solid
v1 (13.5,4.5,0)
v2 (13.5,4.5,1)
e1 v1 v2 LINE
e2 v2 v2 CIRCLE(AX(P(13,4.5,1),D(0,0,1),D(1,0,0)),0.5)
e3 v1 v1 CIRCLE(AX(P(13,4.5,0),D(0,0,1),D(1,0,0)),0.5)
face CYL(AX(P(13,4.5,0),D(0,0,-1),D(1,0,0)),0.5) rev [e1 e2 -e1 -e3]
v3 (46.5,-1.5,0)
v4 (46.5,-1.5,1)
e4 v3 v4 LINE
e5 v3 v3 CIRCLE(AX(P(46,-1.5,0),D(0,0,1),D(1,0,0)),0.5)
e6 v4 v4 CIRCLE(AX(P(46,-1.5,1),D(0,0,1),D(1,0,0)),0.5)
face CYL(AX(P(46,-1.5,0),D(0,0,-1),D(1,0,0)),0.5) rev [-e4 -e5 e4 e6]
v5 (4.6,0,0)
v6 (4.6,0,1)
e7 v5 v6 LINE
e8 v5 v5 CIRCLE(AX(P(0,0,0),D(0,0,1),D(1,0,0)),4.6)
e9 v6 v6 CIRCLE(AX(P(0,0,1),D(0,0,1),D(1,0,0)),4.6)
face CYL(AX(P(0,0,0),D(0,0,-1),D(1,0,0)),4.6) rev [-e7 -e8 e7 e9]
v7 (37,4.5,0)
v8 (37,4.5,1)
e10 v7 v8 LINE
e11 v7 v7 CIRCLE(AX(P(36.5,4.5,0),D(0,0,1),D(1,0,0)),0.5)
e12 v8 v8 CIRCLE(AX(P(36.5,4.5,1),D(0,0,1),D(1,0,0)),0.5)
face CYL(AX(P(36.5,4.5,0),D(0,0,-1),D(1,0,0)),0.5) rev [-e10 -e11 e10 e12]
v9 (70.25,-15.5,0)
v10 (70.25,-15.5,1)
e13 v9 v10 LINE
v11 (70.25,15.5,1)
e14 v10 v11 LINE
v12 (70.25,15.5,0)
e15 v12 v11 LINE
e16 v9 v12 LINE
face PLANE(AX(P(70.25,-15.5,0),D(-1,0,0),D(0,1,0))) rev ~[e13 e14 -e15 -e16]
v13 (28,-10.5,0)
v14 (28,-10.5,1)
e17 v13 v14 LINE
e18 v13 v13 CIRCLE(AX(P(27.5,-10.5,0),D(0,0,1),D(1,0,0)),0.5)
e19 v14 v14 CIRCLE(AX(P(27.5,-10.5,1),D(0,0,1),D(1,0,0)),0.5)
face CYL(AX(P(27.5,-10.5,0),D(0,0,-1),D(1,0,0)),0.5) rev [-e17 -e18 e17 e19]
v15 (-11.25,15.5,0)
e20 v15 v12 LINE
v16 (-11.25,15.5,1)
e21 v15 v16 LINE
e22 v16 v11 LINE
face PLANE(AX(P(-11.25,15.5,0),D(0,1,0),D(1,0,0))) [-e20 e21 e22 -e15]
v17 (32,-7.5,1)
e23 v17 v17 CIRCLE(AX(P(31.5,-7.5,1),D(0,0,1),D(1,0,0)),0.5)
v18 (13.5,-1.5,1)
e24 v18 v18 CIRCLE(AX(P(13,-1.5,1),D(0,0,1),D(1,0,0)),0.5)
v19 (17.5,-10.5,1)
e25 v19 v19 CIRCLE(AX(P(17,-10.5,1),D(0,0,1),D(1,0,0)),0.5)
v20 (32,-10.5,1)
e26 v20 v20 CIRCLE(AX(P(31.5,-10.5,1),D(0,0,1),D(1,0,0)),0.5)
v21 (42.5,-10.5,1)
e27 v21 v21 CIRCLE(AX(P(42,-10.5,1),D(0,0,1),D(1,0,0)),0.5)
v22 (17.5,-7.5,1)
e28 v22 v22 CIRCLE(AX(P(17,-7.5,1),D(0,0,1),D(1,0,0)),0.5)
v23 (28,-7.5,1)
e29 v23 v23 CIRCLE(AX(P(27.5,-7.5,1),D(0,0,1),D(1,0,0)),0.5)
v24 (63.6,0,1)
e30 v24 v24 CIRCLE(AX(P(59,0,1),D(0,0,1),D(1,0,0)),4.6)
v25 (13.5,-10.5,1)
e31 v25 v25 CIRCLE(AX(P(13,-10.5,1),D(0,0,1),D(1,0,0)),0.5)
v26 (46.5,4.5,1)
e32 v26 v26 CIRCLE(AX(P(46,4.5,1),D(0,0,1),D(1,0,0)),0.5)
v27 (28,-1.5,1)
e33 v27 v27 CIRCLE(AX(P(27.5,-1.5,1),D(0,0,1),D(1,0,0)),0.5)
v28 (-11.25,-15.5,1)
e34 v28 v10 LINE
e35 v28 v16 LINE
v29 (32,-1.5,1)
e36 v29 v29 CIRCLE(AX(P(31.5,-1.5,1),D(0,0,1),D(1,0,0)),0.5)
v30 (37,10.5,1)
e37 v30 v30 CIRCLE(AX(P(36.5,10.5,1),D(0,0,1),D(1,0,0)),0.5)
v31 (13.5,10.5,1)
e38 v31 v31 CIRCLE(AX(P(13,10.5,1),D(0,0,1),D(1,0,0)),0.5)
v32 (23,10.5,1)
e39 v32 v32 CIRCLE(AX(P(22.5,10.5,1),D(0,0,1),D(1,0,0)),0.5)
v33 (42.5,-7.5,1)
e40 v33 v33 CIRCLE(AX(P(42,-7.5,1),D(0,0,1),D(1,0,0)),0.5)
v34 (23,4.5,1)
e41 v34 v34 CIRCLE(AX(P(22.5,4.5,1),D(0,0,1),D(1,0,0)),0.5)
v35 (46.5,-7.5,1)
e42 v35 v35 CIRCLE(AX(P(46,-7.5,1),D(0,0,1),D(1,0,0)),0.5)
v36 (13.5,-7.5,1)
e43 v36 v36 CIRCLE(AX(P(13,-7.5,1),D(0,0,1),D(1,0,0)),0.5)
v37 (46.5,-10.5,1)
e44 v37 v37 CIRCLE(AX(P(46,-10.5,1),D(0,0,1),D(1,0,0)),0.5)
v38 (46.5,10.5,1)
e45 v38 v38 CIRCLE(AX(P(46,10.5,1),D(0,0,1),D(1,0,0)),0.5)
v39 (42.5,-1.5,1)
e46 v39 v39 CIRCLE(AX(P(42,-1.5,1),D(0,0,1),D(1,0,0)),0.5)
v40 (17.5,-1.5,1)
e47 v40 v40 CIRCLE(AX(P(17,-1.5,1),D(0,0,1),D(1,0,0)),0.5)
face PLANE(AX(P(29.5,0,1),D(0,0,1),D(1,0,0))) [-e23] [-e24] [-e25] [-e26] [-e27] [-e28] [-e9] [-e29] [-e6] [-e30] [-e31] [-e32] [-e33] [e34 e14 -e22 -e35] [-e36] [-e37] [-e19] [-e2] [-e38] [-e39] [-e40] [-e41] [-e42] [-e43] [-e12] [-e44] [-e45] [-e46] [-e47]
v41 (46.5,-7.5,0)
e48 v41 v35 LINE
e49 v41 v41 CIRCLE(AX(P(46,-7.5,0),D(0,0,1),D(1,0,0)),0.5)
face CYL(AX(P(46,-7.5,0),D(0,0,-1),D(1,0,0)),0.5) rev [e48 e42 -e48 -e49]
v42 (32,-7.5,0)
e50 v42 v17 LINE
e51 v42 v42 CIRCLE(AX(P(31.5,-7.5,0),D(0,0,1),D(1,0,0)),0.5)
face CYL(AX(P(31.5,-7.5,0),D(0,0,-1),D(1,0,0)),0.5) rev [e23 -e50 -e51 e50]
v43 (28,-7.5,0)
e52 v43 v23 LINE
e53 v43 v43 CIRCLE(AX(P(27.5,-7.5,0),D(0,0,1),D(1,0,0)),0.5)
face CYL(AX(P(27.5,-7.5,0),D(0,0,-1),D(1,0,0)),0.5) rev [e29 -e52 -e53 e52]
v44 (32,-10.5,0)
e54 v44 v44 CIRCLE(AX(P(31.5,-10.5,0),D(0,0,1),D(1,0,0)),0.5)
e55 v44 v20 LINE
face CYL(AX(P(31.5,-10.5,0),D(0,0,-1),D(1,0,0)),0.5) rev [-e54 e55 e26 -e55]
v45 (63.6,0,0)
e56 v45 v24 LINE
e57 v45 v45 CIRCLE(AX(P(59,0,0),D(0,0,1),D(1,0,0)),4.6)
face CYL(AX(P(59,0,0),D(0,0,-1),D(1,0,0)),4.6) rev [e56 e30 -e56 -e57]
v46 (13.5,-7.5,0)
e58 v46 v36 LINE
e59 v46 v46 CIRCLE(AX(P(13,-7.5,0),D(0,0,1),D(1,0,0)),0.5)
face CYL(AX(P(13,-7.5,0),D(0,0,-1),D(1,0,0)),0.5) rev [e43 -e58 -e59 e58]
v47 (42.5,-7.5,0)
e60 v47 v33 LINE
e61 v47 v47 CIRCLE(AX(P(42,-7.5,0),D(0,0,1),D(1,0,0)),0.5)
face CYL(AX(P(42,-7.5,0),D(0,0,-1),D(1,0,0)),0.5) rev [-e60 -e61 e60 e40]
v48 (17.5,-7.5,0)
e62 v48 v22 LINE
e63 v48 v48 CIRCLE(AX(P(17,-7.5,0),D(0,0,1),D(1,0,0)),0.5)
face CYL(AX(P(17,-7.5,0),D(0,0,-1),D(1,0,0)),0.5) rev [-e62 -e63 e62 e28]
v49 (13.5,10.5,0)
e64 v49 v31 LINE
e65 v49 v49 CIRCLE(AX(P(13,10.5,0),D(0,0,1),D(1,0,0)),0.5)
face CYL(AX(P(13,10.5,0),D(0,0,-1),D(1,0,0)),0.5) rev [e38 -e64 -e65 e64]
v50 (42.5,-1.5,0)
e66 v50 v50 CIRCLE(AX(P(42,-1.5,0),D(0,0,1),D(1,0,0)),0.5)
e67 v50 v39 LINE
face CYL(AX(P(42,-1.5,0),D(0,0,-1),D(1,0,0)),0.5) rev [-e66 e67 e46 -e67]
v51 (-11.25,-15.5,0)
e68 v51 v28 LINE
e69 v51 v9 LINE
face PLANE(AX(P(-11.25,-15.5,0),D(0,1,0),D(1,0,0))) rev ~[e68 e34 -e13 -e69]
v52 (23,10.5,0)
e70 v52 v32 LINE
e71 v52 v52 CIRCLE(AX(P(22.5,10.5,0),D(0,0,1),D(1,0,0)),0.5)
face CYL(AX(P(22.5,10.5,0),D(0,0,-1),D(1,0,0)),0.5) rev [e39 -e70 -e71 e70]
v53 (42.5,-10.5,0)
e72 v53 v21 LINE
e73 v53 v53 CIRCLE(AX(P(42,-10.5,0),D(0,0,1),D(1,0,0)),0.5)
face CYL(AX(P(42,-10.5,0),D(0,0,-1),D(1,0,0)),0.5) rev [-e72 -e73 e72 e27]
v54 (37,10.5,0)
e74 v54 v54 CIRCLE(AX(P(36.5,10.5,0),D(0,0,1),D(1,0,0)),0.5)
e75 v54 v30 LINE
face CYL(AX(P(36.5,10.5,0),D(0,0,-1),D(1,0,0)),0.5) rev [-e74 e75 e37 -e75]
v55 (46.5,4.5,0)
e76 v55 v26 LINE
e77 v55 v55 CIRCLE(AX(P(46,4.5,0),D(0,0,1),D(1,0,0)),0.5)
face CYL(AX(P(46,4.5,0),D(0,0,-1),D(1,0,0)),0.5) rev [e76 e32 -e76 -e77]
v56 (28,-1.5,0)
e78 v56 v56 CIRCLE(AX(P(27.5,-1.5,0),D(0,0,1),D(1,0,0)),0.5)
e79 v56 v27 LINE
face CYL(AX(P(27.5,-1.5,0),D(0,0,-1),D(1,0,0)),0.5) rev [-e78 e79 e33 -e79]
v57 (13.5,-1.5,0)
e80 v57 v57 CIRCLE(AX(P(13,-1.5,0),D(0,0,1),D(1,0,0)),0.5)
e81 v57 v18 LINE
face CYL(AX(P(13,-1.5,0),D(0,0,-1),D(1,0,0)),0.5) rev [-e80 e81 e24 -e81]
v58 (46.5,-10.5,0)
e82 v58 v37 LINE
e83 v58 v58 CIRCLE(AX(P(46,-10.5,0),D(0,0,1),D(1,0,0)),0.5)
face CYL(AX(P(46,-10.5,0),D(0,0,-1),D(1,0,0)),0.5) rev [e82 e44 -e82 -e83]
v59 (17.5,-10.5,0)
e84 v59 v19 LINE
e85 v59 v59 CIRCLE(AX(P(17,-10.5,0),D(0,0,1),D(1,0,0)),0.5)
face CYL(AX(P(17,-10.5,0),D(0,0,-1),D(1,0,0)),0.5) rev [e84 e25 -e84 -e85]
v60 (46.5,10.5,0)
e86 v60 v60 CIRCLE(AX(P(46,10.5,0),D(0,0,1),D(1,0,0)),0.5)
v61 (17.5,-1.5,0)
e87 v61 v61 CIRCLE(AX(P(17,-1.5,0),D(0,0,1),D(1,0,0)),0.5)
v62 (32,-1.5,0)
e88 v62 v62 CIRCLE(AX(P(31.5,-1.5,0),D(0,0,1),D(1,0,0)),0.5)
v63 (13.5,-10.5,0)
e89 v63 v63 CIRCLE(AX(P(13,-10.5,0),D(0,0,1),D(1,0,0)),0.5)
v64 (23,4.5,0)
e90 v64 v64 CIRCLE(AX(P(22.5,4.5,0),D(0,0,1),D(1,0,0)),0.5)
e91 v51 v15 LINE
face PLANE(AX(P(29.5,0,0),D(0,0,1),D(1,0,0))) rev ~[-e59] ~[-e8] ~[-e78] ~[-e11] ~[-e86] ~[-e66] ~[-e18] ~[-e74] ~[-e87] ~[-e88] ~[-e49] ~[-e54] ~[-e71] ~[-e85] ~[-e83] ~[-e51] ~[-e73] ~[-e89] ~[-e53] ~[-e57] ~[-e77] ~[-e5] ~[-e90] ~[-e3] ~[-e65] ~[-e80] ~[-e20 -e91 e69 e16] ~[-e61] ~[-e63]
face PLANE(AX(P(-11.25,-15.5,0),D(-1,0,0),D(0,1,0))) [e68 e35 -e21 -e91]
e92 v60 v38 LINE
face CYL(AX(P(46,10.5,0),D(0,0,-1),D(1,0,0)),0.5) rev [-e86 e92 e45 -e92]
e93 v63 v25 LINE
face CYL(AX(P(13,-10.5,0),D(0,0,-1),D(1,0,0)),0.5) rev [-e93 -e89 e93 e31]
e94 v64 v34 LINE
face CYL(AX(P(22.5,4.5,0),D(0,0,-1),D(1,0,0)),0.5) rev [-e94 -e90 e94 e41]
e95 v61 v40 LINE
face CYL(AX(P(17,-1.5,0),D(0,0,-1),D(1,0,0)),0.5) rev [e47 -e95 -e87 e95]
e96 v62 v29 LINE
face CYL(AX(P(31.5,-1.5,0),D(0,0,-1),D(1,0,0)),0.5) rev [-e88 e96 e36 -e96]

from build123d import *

# Parameters (mm, degrees)
F0_W     = 81.5
F0_H     = 31
F0_R     = 0.5
F0_R_2   = 4.6
F1_DEPTH = 1


with BuildPart() as f1:
    # F0 (on Top) → F1 (new body)
    with BuildSketch(Plane.XY):
        with Locations((29.5, 0)):
            Rectangle(F0_W, F0_H)
        with Locations((13, -10.5)):
            Circle(F0_R, mode=Mode.SUBTRACT)
        with Locations((17, -10.5)):
            Circle(F0_R, mode=Mode.SUBTRACT)
        with Locations((27.5, -10.5)):
            Circle(F0_R, mode=Mode.SUBTRACT)
        with Locations((13, -7.5)):
            Circle(F0_R, mode=Mode.SUBTRACT)
        with Locations((17, -7.5)):
            Circle(F0_R, mode=Mode.SUBTRACT)
        with Locations((27.5, -7.5)):
            Circle(F0_R, mode=Mode.SUBTRACT)
        with Locations((13, -1.5)):
            Circle(F0_R, mode=Mode.SUBTRACT)
        with Locations((17, -1.5)):
            Circle(F0_R, mode=Mode.SUBTRACT)
        with Locations((27.5, -1.5)):
            Circle(F0_R, mode=Mode.SUBTRACT)
        with Locations((31.5, -10.5)):
            Circle(F0_R, mode=Mode.SUBTRACT)
        with Locations((42, -10.5)):
            Circle(F0_R, mode=Mode.SUBTRACT)
        with Locations((46, -10.5)):
            Circle(F0_R, mode=Mode.SUBTRACT)
        with Locations((31.5, -7.5)):
            Circle(F0_R, mode=Mode.SUBTRACT)
        with Locations((42, -7.5)):
            Circle(F0_R, mode=Mode.SUBTRACT)
        with Locations((46, -7.5)):
            Circle(F0_R, mode=Mode.SUBTRACT)
        with Locations((31.5, -1.5)):
            Circle(F0_R, mode=Mode.SUBTRACT)
        with Locations((42, -1.5)):
            Circle(F0_R, mode=Mode.SUBTRACT)
        with Locations((46, -1.5)):
            Circle(F0_R, mode=Mode.SUBTRACT)
        Circle(F0_R_2, mode=Mode.SUBTRACT)
        with Locations((13, 4.5)):
            Circle(F0_R, mode=Mode.SUBTRACT)
        with Locations((22.5, 4.5)):
            Circle(F0_R, mode=Mode.SUBTRACT)
        with Locations((13, 10.5)):
            Circle(F0_R, mode=Mode.SUBTRACT)
        with Locations((22.5, 10.5)):
            Circle(F0_R, mode=Mode.SUBTRACT)
        with Locations((36.5, 4.5)):
            Circle(F0_R, mode=Mode.SUBTRACT)
        with Locations((46, 4.5)):
            Circle(F0_R, mode=Mode.SUBTRACT)
        with Locations((59, 0)):
            Circle(F0_R_2, mode=Mode.SUBTRACT)
        with Locations((36.5, 10.5)):
            Circle(F0_R, mode=Mode.SUBTRACT)
        with Locations((46, 10.5)):
            Circle(F0_R, mode=Mode.SUBTRACT)
    extrude(amount=F1_DEPTH)


solid = f1.part
